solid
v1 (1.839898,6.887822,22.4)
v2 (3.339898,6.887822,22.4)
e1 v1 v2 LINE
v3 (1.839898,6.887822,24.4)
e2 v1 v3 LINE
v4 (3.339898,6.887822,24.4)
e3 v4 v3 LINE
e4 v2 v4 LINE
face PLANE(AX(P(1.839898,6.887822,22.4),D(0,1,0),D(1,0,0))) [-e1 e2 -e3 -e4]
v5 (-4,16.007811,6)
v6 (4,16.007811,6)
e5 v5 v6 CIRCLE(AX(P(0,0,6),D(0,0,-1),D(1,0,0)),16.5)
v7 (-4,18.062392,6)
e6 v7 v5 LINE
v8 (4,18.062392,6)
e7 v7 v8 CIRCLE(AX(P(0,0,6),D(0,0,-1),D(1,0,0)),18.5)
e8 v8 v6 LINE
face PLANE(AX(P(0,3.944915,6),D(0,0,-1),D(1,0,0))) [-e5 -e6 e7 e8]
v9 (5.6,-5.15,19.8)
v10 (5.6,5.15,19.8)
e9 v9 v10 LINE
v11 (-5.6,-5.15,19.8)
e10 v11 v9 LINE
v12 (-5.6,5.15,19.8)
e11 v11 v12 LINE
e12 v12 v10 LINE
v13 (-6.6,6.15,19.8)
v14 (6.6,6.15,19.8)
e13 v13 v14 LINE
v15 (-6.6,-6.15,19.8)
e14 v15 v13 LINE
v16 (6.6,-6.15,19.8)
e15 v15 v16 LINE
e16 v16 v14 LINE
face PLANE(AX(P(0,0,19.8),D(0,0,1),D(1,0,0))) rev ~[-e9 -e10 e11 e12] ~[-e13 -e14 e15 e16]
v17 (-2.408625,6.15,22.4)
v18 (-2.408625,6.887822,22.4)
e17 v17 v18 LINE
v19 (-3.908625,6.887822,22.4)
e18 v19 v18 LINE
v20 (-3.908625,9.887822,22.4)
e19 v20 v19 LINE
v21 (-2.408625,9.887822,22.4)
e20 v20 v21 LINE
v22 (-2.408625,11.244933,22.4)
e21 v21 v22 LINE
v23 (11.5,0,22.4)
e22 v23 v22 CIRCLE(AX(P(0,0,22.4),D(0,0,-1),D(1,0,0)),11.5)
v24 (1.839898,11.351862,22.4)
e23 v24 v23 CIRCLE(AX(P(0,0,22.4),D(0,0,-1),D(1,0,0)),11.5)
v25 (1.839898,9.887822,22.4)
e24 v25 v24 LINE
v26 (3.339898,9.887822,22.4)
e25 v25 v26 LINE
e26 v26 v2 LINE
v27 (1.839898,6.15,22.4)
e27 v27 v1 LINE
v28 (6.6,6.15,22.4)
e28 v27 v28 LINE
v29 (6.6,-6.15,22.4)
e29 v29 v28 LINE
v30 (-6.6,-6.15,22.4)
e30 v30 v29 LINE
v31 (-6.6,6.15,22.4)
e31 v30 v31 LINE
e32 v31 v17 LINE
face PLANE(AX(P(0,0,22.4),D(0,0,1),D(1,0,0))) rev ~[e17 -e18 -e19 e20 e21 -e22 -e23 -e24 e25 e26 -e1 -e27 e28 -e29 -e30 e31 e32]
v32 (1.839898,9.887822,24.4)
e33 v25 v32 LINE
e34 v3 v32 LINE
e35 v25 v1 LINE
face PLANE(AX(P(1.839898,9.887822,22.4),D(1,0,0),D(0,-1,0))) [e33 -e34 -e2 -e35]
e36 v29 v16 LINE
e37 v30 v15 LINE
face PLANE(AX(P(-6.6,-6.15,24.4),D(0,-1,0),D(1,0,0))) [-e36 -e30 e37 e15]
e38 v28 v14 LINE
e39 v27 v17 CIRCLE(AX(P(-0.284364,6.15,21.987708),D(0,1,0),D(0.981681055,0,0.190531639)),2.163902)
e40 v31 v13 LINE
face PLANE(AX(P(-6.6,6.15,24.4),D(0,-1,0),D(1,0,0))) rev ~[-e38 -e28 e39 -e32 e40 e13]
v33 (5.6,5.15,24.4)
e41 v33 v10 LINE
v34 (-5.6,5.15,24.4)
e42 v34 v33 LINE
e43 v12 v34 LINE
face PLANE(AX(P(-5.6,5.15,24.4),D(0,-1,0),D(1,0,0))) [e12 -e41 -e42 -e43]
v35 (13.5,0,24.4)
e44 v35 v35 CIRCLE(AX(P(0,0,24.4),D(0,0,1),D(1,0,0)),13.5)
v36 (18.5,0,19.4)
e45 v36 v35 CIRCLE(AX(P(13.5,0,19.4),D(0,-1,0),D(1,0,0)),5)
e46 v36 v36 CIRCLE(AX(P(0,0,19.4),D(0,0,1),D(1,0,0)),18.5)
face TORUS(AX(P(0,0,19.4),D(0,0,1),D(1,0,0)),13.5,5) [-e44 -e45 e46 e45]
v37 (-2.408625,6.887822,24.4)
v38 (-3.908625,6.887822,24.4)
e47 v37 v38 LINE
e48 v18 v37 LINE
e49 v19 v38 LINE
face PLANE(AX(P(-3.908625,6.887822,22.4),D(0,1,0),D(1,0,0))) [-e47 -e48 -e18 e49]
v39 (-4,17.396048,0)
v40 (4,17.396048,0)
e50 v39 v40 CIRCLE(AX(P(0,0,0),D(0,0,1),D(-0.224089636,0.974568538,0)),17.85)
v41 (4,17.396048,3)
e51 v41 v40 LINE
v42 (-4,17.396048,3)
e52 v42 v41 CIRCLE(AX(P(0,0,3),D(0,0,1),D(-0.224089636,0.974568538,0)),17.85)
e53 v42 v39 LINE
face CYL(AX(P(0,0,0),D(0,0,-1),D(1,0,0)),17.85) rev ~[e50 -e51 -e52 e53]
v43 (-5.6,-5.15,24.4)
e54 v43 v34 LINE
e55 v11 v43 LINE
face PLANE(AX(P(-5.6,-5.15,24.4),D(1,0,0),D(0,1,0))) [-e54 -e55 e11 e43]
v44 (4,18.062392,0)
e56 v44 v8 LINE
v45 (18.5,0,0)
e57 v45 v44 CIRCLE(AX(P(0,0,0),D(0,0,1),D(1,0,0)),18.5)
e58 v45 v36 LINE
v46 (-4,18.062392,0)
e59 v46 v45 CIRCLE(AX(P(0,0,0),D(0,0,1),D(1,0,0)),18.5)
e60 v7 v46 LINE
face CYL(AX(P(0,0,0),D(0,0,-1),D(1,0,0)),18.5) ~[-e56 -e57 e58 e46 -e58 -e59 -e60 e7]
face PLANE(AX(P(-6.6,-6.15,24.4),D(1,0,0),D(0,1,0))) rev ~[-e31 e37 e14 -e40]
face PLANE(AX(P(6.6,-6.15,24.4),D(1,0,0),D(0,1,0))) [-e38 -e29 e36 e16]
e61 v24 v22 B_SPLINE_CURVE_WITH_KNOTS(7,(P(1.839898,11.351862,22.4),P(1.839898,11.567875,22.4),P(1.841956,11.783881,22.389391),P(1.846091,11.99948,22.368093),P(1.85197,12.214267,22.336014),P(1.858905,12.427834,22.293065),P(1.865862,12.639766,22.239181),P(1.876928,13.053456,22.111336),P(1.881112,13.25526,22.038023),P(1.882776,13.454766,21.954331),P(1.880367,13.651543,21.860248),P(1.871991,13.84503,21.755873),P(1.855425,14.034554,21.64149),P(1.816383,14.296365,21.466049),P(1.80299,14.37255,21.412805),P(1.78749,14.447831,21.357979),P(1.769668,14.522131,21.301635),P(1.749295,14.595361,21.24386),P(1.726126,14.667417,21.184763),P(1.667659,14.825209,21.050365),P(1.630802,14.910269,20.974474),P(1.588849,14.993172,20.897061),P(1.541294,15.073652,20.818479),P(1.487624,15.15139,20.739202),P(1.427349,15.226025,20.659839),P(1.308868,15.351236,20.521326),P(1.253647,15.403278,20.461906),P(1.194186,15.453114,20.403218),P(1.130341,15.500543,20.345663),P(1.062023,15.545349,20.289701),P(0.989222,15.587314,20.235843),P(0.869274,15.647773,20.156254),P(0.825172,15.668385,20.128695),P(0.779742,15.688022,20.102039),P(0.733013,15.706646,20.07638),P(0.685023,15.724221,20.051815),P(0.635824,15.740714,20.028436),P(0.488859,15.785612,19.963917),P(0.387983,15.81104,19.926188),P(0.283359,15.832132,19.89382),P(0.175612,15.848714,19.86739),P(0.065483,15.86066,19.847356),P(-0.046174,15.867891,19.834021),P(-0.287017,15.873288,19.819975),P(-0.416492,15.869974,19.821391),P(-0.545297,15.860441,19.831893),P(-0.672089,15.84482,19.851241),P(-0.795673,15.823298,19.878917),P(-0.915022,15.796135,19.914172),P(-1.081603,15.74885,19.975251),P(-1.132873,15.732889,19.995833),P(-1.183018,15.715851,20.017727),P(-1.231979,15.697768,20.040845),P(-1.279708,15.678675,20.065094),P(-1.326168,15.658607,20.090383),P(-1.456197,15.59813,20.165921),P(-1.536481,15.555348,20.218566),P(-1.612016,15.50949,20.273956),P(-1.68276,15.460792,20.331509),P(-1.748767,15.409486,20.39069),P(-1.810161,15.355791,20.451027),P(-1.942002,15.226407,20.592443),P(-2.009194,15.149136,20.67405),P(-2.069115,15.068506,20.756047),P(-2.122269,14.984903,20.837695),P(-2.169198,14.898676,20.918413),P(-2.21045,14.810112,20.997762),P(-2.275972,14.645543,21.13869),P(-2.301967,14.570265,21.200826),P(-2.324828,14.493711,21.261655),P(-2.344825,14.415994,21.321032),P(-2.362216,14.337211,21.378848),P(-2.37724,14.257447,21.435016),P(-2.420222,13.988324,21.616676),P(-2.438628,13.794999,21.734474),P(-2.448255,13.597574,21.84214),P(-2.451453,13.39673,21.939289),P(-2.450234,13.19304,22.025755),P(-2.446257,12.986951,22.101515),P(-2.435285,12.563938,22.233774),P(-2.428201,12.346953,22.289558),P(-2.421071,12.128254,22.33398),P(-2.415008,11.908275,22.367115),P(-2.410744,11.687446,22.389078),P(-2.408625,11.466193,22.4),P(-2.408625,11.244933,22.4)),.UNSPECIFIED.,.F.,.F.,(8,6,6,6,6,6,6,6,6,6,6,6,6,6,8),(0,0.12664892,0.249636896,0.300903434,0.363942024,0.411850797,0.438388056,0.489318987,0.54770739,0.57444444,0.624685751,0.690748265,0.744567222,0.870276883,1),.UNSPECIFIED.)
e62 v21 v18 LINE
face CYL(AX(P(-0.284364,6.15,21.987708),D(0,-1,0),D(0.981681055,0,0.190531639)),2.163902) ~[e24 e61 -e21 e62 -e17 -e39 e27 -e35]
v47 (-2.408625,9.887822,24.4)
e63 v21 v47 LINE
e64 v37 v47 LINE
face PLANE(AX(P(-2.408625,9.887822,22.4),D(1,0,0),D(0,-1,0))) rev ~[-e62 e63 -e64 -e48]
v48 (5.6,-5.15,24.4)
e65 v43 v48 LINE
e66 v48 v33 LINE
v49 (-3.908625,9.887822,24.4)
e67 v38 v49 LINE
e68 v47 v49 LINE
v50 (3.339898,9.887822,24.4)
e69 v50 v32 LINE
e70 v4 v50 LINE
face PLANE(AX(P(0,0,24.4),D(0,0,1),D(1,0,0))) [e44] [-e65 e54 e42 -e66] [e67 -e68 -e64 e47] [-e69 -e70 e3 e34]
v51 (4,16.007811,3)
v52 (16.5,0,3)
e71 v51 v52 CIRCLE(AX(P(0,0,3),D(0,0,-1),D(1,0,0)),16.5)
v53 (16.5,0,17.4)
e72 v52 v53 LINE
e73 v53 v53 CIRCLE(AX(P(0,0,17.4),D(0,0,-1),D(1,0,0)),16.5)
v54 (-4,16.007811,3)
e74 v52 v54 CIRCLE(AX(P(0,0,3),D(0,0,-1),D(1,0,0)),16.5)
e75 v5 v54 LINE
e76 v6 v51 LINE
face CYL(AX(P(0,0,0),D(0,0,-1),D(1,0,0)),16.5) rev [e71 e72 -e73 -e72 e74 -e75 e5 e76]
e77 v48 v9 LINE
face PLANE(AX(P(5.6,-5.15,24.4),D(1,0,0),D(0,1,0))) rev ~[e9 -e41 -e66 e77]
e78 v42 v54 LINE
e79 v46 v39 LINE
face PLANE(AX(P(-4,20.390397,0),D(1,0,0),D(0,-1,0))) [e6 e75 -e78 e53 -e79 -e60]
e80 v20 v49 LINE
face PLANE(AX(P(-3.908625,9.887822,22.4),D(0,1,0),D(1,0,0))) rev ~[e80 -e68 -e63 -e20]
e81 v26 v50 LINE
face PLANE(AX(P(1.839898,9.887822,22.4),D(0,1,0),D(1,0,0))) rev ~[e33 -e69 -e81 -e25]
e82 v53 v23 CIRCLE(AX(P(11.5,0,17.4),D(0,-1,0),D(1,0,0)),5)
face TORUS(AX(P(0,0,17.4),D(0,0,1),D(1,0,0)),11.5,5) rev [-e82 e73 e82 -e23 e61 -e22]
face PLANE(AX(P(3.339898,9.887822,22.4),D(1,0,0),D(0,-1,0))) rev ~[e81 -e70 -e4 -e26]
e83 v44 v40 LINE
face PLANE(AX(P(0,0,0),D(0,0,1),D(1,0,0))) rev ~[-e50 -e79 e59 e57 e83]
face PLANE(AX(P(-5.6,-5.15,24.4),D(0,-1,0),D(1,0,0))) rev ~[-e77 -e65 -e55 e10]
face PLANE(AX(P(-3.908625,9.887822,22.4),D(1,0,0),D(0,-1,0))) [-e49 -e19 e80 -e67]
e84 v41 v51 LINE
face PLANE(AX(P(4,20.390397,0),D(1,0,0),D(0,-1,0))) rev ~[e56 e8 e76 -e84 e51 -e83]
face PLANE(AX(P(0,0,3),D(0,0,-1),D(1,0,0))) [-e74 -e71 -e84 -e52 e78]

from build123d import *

# Parameters (mm, degrees)
F0_R      = 18.5
F1_DEPTH  = 24.4
F2_T      = -2
F3_R      = 5
F4_R      = 5
F5_W      = 11.2
F5_H      = 10.3
F6_DEPTH  = 25
F7_W      = 8
F7_H      = 32.8909642994
F8_DEPTH  = 6
F9_R      = 17.85
F10_DEPTH = 3
F5_W_2    = 13.2
F5_H_2    = 12.3
F11_DEPTH = 4.6
F13_DEPTH = 10
F14_W     = 1.5
F14_H     = 3
F15_DEPTH = 25


with BuildPart() as f1:
    # F0 (on Top) → F1 (new body)
    with BuildSketch(Plane.XY):
        Circle(F0_R)
    extrude(amount=F1_DEPTH)

    # F2
    f2_openings = [f1.faces().sort_by_distance(p)[0] for p in [
        (0, 0, 0),
    ]]
    offset(amount=F2_T, openings=f2_openings)

    # F3
    f3_edges = [f1.edges().sort_by_distance(p)[0] for p in [
        (-16.5, 0, 22.4),
    ]]
    fillet(f3_edges, radius=F3_R)

    # F4
    f4_edges = [f1.edges().sort_by_distance(p)[0] for p in [
        (-18.5, 0, 24.4),
    ]]
    fillet(f4_edges, radius=F4_R)

    # F5 (on face) → F6 (cut)
    with BuildSketch(Plane.XY.offset(24.4)):
        Rectangle(F5_W, F5_H)
    extrude(amount=-F6_DEPTH, mode=Mode.SUBTRACT)

    # F7 (on face) → F8 (cut)
    with BuildSketch(Plane(origin=(0, 0, 0), x_dir=(1, 0, 0), z_dir=(0, 0, -1))):
        with Locations((0, -3.944914788)):
            Rectangle(F7_W, F7_H)
    extrude(amount=-F8_DEPTH, mode=Mode.SUBTRACT)

    # F9 (on face) + F7 (on face) → F10 (cut)
    with BuildSketch(Plane(origin=(0, 0, 0), x_dir=(1, 0, 0), z_dir=(0, 0, -1))):
        Circle(F9_R)
    with BuildSketch(Plane(origin=(0, 0, 0), x_dir=(1, 0, 0), z_dir=(0, 0, -1))):
        with Locations((0, -3.944914788)):
            Rectangle(F7_W, F7_H)
    extrude(amount=-F10_DEPTH, mode=Mode.SUBTRACT)

    # F5 (on face) → F11 (join)
    with BuildSketch(Plane.XY.offset(24.4)):
        Rectangle(F5_W_2, F5_H_2)
        Rectangle(F5_W, F5_H, mode=Mode.SUBTRACT)
    extrude(amount=-F11_DEPTH)

    # F12 (on face) → F13 (join)
    with BuildSketch(Plane(origin=(0, 6.15, 0), x_dir=(-1, 0, 0), z_dir=(0, 1, 0))):
        with BuildLine():
            Line((2.4086248595, 22.4), (-1.8398975953, 22.4))
            ThreePointArc((-1.8398975953, 22.4), (0.2843636321, 19.8238066567), (2.4086248595, 22.4))
        make_face()
    extrude(amount=F13_DEPTH)

    # F14 (on face) → F15 (cut)
    with BuildSketch(Plane(origin=(0, 0, 22.4), x_dir=(1, 0, 0), z_dir=(0, 0, -1))):
        with Locations((-3.1586248595, -8.3878219724)):
            Rectangle(F14_W, F14_H)
        with Locations((2.5898975953, -8.3878219724)):
            Rectangle(F14_W, F14_H)
    extrude(amount=-F15_DEPTH, mode=Mode.SUBTRACT)


solid = f1.part
